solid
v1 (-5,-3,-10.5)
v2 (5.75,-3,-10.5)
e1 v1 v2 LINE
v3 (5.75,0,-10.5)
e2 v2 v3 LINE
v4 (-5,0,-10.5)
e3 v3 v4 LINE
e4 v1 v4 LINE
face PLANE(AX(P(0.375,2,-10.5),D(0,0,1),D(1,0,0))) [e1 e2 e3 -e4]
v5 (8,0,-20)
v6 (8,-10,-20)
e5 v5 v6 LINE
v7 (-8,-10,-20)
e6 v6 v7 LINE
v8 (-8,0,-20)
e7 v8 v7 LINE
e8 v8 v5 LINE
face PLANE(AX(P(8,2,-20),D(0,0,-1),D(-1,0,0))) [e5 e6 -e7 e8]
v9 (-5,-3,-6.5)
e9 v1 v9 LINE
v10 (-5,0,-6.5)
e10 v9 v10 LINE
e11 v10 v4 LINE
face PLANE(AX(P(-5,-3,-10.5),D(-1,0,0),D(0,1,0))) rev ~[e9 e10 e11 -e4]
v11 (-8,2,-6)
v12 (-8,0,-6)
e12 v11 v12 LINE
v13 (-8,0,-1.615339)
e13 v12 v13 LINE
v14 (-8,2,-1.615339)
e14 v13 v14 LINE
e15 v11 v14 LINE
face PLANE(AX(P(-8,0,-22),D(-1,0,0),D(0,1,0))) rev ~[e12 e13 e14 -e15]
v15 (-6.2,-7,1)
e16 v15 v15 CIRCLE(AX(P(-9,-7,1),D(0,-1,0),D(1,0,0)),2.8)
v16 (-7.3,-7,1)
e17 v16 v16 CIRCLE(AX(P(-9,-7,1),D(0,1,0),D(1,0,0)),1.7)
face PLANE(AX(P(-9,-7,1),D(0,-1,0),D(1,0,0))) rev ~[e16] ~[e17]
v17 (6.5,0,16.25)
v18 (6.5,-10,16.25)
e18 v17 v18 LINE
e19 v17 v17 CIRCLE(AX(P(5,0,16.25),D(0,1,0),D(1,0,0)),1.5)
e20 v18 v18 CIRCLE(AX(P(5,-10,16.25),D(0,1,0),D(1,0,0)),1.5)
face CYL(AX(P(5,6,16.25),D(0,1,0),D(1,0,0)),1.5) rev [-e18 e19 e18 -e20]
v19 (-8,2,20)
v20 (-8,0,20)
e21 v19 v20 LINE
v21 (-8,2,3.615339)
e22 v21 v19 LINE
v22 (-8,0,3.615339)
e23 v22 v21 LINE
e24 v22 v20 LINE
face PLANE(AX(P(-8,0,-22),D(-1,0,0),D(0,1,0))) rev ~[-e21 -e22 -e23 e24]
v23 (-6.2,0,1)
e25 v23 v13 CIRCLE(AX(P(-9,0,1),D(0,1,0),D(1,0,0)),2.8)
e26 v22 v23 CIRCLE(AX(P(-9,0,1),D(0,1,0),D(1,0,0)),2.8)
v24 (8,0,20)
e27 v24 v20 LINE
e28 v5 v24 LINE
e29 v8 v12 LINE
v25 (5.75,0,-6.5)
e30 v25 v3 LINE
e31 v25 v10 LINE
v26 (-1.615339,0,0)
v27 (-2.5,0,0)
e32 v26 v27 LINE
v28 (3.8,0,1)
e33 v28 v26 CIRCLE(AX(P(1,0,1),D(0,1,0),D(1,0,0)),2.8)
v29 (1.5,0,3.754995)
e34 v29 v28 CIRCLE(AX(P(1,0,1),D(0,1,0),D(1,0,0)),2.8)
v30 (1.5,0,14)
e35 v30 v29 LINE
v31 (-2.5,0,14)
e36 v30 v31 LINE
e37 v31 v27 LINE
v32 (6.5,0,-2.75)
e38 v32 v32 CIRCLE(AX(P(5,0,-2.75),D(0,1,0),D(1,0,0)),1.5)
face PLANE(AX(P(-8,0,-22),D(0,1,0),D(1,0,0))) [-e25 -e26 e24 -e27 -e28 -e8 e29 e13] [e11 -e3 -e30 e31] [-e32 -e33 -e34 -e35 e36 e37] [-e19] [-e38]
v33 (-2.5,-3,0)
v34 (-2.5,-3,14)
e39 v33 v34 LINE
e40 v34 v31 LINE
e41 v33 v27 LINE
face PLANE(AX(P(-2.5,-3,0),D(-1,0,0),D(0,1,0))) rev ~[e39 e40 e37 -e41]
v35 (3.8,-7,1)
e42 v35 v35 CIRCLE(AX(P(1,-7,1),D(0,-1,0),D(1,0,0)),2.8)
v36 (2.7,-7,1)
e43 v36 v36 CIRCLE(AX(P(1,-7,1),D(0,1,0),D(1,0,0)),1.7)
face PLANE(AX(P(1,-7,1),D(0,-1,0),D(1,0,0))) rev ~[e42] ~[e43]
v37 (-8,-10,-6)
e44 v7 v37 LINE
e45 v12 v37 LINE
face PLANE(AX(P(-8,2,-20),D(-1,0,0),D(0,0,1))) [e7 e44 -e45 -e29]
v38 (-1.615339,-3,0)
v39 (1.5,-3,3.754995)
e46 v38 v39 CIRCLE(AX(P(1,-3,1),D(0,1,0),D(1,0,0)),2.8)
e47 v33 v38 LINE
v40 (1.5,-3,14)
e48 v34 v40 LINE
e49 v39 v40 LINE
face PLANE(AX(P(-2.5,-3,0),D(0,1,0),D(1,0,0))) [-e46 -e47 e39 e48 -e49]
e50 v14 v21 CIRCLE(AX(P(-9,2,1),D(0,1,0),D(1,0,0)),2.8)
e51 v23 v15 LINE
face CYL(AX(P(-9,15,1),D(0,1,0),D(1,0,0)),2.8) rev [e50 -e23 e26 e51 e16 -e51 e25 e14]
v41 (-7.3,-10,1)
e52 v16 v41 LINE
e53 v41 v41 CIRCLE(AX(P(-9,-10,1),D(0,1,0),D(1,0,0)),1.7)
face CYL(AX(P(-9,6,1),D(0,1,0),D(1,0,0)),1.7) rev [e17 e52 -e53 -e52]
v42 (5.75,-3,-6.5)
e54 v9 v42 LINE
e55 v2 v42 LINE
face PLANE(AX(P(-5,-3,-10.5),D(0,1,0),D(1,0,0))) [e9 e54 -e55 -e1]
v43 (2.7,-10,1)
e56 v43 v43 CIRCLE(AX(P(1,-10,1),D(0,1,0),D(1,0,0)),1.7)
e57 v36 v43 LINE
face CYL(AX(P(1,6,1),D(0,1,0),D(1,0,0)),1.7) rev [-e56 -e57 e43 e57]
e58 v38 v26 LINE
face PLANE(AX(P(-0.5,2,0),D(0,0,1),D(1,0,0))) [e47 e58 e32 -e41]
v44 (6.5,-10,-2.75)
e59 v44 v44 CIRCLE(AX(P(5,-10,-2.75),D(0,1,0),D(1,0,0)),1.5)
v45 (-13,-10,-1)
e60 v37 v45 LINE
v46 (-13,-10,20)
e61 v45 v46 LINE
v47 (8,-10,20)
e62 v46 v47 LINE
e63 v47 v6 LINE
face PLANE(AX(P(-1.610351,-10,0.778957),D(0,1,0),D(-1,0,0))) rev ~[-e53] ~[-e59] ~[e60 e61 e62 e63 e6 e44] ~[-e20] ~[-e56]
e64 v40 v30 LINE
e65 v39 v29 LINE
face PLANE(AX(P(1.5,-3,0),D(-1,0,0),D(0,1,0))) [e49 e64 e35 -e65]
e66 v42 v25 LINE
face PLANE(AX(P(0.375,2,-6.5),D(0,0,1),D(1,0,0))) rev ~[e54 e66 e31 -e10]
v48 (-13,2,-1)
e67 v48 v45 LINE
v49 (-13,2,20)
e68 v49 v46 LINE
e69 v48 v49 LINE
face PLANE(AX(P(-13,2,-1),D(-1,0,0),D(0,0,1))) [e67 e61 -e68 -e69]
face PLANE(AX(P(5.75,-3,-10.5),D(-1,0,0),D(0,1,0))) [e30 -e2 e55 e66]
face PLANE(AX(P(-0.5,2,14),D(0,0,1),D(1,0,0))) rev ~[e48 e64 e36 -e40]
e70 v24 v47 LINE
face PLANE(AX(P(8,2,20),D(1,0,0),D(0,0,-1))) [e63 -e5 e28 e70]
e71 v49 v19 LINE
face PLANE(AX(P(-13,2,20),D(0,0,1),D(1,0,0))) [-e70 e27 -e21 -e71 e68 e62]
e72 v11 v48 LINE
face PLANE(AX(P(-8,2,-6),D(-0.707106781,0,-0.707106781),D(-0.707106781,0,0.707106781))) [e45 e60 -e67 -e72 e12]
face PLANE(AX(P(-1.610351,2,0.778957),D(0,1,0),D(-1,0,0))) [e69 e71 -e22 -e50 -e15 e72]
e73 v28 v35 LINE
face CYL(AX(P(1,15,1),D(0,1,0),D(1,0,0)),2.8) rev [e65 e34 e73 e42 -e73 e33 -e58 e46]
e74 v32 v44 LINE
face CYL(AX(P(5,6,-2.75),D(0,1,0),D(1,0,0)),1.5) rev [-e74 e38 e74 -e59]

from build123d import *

# Parameters (mm, degrees)
BOX025_W               = 20
BOX025_H               = 10
BOX025_DEPTH           = 44
BOX027_W               = 10.75
BOX027_H               = 10
BOX027_DEPTH           = 4
BOX026_W               = 4
BOX026_H               = 10
BOX026_DEPTH           = 14
CYLINDER031_R          = 2.8
CYLINDER031_DEPTH      = 22
CYLINDER031_ROLL_ANGLE = 90
CYLINDER027_R          = 1.5
CYLINDER027_DEPTH      = 22
CYLINDER027_ROLL_ANGLE = 90
CYLINDER029_R          = 1.5
CYLINDER029_DEPTH      = 22
CYLINDER029_ROLL_ANGLE = 90
CYLINDER026_R          = 1.7
CYLINDER026_DEPTH      = 22
CYLINDER026_ROLL_ANGLE = 90
CYLINDER028_R          = 1.7
CYLINDER028_DEPTH      = 22
CYLINDER028_ROLL_ANGLE = 90
CYLINDER030_R          = 2.8
CYLINDER030_DEPTH      = 22
CYLINDER030_ROLL_ANGLE = 90
PAD016_DEPTH           = 12


with BuildPart() as cube025:
    # Box025 → Box025 (new body)
    with BuildSketch(Plane(origin=(-8, 0, -22), x_dir=(1, 0, 0), z_dir=(0, 0, 1))):
        with Locations((10, 5)):
            Rectangle(BOX025_W, BOX025_H)
    extrude(amount=BOX025_DEPTH)


with BuildPart() as cube027:
    # Box027 → Box027 (new body)
    with BuildSketch(Plane(origin=(-5, -3, -10.5), x_dir=(1, 0, 0), z_dir=(0, 0, 1))):
        with Locations((5.375, 5)):
            Rectangle(BOX027_W, BOX027_H)
    extrude(amount=BOX027_DEPTH)


with BuildPart() as fusion025:
    # Box026 → Box026 (new body)
    with BuildSketch(Plane(origin=(-2.5, -3, 0), x_dir=(1, 0, 0), z_dir=(0, 0, 1))):
        with Locations((2, 5)):
            Rectangle(BOX026_W, BOX026_H)
    extrude(amount=BOX026_DEPTH)

    # Fusion025: union Cube027
    add(cube027.part)


with BuildPart() as cylinder031:
    # Cylinder031 → Cylinder031 (new body)
    with BuildSketch(Plane.XY):
        Circle(CYLINDER031_R)
    extrude(amount=CYLINDER031_DEPTH)


with BuildPart() as cylinder031_1:
    # Cylinder031 roll: moved
    add(cylinder031.part.rotate(Axis((0, 0, 0), (1, 0, 0)), CYLINDER031_ROLL_ANGLE))


with BuildPart() as cylinder031_2:
    # Cylinder031 placement: moved
    add(cylinder031_1.part.moved(Location((-9, 15, 1))))


with BuildPart() as cylinder027:
    # Cylinder027 → Cylinder027 (new body)
    with BuildSketch(Plane.XY):
        Circle(CYLINDER027_R)
    extrude(amount=CYLINDER027_DEPTH)


with BuildPart() as cylinder027_1:
    # Cylinder027 roll: moved
    add(cylinder027.part.rotate(Axis((0, 0, 0), (1, 0, 0)), CYLINDER027_ROLL_ANGLE))


with BuildPart() as cylinder027_2:
    # Cylinder027 placement: moved
    add(cylinder027_1.part.moved(Location((5, 6, 16.25))))


with BuildPart() as cylinder029:
    # Cylinder029 → Cylinder029 (new body)
    with BuildSketch(Plane.XY):
        Circle(CYLINDER029_R)
    extrude(amount=CYLINDER029_DEPTH)


with BuildPart() as cylinder029_1:
    # Cylinder029 roll: moved
    add(cylinder029.part.rotate(Axis((0, 0, 0), (1, 0, 0)), CYLINDER029_ROLL_ANGLE))


with BuildPart() as cylinder029_2:
    # Cylinder029 placement: moved
    add(cylinder029_1.part.moved(Location((5, 6, -2.75))))


with BuildPart() as cylinder026:
    # Cylinder026 → Cylinder026 (new body)
    with BuildSketch(Plane.XY):
        Circle(CYLINDER026_R)
    extrude(amount=CYLINDER026_DEPTH)


with BuildPart() as cylinder026_1:
    # Cylinder026 roll: moved
    add(cylinder026.part.rotate(Axis((0, 0, 0), (1, 0, 0)), CYLINDER026_ROLL_ANGLE))


with BuildPart() as cylinder026_2:
    # Cylinder026 placement: moved
    add(cylinder026_1.part.moved(Location((-9, 6, 1))))


with BuildPart() as cylinder028:
    # Cylinder028 → Cylinder028 (new body)
    with BuildSketch(Plane.XY):
        Circle(CYLINDER028_R)
    extrude(amount=CYLINDER028_DEPTH)


with BuildPart() as cylinder028_1:
    # Cylinder028 roll: moved
    add(cylinder028.part.rotate(Axis((0, 0, 0), (1, 0, 0)), CYLINDER028_ROLL_ANGLE))


with BuildPart() as cylinder028_2:
    # Cylinder028 placement: moved
    add(cylinder028_1.part.moved(Location((1, 6, 1))))


with BuildPart() as fusion024:
    # Cylinder030 → Cylinder030 (new body)
    with BuildSketch(Plane.XY):
        Circle(CYLINDER030_R)
    extrude(amount=CYLINDER030_DEPTH)


with BuildPart() as fusion024_1:
    # Cylinder030 roll: moved
    add(fusion024.part.rotate(Axis((0, 0, 0), (1, 0, 0)), CYLINDER030_ROLL_ANGLE))


with BuildPart() as fusion024_2:
    # Cylinder030 placement: moved
    add(fusion024_1.part.moved(Location((1, 15, 1))))

    # Fusion024: union Cylinder031, Cylinder027, Cylinder029, Cylinder026, Cylinder028
    add(cylinder031_2.part)
    add(cylinder027_2.part)
    add(cylinder029_2.part)
    add(cylinder026_2.part)
    add(cylinder028_2.part)


with BuildPart() as cut036:
    # Sketch018 → Pad016 (new body)
    with BuildSketch(Plane.XZ.offset(-2)):
        Polygon((-13, 20), (8, 20), (8, -20), (-8, -20), (-8, -6), (-13, -1), align=None)
    extrude(amount=PAD016_DEPTH)

    # Cut034: cut Fusion024
    add(fusion024_2.part, mode=Mode.SUBTRACT)

    # Cut035: cut Fusion025
    add(fusion025.part, mode=Mode.SUBTRACT)

    # Cut036: cut Cube025
    add(cube025.part, mode=Mode.SUBTRACT)


solid = cut036.part
